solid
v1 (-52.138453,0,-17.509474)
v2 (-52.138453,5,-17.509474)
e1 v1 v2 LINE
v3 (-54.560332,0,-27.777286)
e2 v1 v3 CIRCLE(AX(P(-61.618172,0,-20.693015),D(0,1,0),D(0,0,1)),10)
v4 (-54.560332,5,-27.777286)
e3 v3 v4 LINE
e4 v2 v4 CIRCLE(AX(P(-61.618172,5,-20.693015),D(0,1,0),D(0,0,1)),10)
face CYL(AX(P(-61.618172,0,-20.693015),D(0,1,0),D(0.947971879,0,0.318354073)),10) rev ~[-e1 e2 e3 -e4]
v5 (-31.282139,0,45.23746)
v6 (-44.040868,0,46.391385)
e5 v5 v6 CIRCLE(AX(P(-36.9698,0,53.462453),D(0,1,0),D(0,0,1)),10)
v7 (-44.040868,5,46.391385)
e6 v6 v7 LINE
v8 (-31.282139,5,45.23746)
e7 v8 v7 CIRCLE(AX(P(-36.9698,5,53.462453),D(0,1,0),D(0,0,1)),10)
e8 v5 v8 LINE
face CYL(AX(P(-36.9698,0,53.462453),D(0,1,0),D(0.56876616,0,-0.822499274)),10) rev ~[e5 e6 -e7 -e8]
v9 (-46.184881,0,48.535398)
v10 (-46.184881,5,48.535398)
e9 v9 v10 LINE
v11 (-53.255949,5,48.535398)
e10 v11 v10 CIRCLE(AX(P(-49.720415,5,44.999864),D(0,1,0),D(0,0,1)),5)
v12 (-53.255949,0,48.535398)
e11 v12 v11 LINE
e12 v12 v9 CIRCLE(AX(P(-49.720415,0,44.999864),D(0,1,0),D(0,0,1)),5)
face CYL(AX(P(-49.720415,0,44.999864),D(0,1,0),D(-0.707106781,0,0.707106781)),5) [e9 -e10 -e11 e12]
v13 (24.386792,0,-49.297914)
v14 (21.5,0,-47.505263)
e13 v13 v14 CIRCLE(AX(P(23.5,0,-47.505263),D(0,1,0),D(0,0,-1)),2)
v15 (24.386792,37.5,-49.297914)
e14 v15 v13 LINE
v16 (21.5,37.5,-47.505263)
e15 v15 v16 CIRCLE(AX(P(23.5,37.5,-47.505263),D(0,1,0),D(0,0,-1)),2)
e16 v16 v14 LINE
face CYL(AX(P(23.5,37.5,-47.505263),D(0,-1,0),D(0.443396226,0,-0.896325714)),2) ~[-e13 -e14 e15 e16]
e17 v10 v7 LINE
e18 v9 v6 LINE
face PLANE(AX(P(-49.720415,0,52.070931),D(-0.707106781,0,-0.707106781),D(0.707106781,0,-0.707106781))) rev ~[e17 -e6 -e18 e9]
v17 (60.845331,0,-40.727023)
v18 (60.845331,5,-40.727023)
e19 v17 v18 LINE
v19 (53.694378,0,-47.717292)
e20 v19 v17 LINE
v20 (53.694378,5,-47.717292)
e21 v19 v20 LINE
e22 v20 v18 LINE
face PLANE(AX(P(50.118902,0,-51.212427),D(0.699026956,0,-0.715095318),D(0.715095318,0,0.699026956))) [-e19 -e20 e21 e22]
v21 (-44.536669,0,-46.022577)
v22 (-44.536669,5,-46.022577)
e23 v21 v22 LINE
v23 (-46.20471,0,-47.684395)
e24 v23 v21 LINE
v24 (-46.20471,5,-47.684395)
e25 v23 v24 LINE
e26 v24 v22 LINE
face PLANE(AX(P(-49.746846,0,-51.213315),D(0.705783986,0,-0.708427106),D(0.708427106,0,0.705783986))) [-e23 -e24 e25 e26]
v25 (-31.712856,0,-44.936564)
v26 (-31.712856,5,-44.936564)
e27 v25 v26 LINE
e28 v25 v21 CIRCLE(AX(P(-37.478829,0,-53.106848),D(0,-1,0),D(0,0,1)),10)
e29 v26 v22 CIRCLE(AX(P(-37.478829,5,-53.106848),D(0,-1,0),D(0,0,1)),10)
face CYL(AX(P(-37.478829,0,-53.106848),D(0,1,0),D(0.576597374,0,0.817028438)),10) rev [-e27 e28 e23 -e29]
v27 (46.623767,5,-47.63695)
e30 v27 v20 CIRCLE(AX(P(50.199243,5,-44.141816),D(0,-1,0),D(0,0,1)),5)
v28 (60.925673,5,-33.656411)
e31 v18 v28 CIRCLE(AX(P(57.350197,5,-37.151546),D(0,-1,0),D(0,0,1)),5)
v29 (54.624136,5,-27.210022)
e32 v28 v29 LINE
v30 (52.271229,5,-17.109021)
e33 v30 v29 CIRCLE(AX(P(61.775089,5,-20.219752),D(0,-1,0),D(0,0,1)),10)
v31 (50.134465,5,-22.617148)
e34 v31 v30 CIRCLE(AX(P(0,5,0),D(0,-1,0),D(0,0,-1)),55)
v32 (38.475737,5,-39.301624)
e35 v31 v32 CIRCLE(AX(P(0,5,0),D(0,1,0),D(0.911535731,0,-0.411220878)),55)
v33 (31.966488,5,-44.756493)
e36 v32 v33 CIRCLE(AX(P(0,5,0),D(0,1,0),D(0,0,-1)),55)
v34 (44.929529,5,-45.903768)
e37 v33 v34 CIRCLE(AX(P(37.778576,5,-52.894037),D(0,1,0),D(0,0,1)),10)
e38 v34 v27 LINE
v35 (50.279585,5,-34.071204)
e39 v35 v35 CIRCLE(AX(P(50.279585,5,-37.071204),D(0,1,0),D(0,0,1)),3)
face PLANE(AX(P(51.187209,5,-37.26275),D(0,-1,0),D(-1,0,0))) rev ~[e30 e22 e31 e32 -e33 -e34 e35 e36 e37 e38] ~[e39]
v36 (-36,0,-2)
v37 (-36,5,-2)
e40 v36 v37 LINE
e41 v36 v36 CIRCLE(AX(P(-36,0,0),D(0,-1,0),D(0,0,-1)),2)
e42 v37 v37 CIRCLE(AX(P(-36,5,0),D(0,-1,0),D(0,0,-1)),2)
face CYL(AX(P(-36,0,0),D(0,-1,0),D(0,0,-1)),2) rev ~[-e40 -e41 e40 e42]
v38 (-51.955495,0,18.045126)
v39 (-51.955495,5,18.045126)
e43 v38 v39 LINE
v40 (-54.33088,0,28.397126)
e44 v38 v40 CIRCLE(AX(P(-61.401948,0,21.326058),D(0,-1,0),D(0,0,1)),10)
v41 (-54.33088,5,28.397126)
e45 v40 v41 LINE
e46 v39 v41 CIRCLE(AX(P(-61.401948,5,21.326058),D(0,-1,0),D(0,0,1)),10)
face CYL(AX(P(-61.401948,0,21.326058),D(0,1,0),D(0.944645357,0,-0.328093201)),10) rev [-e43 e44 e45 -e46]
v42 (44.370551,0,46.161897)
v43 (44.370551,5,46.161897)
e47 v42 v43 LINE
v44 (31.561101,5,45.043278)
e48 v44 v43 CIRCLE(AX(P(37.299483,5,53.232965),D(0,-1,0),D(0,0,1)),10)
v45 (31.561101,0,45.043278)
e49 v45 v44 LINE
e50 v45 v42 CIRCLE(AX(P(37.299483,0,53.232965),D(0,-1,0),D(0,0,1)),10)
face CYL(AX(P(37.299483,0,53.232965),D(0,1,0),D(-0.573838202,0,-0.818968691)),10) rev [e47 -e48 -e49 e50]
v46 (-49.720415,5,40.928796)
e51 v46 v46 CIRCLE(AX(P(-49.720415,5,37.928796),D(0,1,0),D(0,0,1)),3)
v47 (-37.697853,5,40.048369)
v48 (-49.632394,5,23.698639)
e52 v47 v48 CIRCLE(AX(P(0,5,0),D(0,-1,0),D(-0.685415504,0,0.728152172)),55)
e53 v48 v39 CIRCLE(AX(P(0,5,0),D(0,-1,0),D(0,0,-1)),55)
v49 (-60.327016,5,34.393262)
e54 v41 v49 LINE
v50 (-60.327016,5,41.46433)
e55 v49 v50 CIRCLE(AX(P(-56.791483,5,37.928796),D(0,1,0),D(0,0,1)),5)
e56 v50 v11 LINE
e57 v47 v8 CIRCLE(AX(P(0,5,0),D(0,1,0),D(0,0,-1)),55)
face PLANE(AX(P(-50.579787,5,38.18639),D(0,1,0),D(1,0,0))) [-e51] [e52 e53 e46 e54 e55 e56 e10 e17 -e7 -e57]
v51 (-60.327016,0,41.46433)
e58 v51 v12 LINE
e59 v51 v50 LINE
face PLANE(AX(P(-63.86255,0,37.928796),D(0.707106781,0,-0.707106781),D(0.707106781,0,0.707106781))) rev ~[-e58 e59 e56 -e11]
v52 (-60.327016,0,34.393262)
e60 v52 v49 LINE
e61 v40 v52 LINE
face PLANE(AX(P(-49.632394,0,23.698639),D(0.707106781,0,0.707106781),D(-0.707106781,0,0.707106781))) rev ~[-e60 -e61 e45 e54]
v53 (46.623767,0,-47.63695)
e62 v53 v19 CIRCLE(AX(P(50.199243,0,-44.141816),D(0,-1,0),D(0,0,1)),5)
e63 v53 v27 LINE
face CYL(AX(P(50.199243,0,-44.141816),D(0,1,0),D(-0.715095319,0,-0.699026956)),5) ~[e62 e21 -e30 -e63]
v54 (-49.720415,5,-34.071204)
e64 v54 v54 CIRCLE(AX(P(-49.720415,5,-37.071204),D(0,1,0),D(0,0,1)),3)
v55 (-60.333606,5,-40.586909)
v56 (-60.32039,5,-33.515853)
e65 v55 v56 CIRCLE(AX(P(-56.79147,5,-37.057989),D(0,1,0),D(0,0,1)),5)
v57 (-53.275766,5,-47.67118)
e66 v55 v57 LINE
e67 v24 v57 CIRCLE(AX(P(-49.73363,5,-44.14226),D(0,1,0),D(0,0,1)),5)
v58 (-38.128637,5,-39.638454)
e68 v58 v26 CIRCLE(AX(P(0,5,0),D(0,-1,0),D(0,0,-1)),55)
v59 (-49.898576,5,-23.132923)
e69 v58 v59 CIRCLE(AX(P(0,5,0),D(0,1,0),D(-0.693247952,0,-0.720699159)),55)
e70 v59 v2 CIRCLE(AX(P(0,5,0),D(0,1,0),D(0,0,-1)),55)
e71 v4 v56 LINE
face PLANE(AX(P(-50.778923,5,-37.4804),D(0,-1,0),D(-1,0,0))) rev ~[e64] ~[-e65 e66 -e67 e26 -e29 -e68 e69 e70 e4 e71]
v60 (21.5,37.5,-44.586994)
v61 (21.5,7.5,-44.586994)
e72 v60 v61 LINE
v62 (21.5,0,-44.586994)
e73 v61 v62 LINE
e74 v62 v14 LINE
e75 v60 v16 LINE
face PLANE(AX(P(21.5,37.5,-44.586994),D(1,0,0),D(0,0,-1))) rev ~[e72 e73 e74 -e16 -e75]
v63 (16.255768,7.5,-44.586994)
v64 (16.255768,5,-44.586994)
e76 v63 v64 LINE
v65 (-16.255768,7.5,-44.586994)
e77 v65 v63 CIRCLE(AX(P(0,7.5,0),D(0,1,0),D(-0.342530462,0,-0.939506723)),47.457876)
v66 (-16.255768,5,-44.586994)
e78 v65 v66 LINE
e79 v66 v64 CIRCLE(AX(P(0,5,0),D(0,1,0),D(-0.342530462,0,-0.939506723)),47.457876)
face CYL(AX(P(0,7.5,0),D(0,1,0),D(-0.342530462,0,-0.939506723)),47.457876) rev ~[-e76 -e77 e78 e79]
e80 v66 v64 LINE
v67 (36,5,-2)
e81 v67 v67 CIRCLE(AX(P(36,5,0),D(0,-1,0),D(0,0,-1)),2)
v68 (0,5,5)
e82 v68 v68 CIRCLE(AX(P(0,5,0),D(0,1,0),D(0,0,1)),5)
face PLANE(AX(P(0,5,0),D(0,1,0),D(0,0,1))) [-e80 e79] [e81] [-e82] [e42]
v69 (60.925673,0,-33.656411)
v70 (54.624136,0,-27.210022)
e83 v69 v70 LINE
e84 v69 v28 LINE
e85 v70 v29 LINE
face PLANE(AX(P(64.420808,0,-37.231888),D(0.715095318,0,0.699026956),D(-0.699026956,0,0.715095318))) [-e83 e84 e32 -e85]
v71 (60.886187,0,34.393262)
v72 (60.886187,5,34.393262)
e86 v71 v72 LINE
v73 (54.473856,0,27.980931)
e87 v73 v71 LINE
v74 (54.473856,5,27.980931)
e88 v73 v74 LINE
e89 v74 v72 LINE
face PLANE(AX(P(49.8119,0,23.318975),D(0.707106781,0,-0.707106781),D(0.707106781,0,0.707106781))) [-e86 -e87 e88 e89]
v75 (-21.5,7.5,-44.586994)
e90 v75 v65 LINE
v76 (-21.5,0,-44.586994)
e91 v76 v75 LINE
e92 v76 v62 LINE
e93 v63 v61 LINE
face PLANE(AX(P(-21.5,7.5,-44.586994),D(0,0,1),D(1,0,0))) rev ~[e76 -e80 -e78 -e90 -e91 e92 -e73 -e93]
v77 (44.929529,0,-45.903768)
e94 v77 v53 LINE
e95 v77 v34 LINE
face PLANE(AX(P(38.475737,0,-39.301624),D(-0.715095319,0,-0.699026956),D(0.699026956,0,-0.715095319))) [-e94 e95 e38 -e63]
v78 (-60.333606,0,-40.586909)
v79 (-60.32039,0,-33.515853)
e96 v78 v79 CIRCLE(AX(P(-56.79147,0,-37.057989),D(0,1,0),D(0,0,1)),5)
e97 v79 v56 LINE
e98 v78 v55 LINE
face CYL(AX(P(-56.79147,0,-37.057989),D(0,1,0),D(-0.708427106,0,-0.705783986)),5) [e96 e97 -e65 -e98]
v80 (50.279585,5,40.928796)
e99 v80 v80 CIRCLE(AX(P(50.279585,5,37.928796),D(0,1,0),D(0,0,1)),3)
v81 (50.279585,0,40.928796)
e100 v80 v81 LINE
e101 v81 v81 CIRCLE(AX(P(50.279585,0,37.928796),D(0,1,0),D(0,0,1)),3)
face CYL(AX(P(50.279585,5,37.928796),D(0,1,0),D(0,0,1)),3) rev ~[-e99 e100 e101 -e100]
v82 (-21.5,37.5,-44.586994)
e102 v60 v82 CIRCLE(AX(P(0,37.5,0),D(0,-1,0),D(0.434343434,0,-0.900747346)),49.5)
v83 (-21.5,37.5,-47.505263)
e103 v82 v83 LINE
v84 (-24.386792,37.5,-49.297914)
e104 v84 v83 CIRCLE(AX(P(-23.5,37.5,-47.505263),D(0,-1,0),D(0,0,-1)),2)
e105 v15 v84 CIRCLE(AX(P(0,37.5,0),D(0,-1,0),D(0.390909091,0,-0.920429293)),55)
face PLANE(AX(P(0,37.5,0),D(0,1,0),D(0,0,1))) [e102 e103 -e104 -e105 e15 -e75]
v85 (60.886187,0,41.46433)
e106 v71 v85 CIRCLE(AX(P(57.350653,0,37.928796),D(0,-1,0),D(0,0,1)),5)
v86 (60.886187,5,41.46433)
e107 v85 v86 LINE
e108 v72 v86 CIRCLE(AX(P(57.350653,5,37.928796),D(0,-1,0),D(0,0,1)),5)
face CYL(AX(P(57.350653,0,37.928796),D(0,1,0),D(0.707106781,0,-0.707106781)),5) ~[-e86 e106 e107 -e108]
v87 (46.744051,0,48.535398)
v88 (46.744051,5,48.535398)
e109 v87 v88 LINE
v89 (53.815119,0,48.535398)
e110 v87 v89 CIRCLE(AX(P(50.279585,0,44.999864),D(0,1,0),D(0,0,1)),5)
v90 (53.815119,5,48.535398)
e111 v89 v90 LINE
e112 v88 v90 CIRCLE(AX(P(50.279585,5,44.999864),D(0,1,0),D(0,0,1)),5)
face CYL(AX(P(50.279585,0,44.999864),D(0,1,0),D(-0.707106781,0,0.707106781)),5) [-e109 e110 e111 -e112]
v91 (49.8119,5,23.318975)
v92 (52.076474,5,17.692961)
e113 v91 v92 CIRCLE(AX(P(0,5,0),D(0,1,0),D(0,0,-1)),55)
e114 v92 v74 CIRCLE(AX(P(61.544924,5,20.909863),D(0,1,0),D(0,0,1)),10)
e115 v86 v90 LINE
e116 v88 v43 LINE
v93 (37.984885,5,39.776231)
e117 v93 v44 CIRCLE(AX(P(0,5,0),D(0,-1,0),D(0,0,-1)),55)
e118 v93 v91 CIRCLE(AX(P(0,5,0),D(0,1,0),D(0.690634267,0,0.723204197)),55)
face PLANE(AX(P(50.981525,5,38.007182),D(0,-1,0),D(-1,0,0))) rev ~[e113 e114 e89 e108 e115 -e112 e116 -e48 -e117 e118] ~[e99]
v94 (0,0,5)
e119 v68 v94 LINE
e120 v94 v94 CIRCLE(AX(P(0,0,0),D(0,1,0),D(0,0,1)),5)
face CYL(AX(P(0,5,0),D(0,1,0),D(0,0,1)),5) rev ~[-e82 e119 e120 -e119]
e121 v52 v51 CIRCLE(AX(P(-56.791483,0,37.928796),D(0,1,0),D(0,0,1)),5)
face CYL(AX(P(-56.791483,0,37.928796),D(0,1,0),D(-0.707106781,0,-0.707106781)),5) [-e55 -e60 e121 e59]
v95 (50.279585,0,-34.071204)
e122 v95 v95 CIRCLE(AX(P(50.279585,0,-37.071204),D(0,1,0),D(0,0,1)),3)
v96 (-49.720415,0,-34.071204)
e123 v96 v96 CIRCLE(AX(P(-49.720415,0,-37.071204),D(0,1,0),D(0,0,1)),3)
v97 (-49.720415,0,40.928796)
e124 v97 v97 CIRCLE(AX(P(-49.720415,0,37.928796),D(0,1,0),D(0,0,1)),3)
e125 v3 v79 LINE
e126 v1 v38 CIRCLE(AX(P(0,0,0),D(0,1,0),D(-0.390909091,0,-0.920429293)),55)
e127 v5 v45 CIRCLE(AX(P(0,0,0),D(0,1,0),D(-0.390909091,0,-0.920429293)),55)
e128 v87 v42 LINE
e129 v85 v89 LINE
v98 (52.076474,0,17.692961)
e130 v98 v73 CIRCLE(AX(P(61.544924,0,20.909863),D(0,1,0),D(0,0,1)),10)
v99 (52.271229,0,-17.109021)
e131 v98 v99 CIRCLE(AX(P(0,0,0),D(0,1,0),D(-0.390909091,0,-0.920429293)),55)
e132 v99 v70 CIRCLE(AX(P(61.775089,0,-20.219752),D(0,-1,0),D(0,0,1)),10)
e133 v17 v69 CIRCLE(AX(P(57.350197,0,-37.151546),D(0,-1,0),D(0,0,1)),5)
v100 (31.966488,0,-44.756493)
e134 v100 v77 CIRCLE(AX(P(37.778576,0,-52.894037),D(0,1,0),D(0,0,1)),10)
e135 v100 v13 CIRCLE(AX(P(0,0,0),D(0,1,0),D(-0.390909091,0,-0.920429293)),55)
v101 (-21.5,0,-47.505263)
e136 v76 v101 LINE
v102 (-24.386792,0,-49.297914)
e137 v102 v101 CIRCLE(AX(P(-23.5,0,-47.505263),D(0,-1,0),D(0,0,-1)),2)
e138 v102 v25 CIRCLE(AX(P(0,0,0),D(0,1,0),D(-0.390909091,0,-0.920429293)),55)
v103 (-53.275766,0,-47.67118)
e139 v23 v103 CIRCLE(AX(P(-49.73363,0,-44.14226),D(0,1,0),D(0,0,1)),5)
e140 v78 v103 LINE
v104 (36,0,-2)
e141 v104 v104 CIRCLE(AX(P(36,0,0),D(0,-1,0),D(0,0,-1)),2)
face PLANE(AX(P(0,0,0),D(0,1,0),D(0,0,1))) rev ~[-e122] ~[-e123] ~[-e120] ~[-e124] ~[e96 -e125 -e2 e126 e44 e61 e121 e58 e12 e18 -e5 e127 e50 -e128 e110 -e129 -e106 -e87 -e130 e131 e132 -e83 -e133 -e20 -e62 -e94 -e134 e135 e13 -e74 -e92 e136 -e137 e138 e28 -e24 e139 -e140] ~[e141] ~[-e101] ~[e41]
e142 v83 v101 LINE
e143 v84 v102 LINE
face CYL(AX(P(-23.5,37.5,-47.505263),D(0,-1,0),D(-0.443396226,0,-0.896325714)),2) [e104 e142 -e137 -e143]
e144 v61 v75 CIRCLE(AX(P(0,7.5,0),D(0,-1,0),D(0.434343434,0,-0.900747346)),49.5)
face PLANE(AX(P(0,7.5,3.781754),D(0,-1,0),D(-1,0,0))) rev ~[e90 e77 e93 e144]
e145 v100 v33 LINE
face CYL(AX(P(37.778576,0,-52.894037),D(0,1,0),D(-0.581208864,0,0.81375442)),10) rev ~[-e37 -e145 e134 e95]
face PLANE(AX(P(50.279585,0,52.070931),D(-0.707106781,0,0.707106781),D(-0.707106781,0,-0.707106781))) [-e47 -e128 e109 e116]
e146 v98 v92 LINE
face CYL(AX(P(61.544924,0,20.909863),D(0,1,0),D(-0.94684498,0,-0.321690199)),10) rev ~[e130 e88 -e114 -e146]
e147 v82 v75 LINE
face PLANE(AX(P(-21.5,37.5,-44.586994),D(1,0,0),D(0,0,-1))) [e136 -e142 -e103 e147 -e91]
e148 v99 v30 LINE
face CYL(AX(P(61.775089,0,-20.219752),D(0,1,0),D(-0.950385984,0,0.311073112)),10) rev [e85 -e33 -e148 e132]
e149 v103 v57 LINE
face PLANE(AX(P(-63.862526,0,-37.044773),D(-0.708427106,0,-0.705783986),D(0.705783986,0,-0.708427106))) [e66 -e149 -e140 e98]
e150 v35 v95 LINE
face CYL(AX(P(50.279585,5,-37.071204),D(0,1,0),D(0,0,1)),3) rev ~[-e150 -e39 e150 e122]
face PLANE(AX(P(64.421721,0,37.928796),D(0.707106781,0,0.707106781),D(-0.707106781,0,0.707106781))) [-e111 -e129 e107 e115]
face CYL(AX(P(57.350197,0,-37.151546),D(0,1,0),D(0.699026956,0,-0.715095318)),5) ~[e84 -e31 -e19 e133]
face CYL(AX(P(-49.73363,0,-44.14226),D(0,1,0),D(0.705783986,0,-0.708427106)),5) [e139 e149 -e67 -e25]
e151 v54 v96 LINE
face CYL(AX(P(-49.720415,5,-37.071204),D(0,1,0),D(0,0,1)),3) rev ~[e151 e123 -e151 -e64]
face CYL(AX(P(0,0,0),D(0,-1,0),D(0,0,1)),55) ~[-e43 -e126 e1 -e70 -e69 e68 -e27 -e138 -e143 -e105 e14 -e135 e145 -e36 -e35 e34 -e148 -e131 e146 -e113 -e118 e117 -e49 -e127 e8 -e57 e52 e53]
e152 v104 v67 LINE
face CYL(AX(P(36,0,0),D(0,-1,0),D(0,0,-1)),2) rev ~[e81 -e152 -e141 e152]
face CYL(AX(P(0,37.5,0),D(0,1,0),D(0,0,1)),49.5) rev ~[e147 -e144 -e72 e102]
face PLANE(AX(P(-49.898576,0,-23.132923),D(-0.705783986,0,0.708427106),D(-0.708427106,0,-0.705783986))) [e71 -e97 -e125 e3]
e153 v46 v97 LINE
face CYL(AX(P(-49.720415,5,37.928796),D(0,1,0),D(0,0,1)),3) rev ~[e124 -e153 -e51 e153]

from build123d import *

# Parameters (mm, degrees)
SKETCH_1_R          = 55
EXTRUDE_1_DEPTH     = 37.5
SKETCH_3_R          = 49.5
CUT_EXTRUDE_1_DEPTH = 32.5
SKETCH_5_W          = 43
SKETCH_5_H          = 12.242897151
CUT_EXTRUDE_2_DEPTH = 40
FILLET_4_R          = 2
FILLET_5_R          = 2
SKETCH_6_R          = 5
CUT_EXTRUDE_3_DEPTH = 12
EXTRUDE_START       = -5
EXTRUDE_3_DEPTH     = 5
FILLET_7_R          = 10
FILLET_8_R          = 5
SKETCH_10_R         = 3
CUT_EXTRUDE_5_DEPTH = 5
EXTRUDE_START_2     = 2.5
EXTRUDE_4_DEPTH     = 2.5
SKETCH_16_R         = 2
CUT_EXTRUDE_6_DEPTH = 10


with BuildPart() as part:
    # 草图1 → 凸台-拉伸1 (new body)
    with BuildSketch(Plane(origin=(0, 0, 0), x_dir=(1, 0, 0), z_dir=(0, 1, 0))):
        with Locations(Location((0, 0, 0), (0, 0, 270))):
            Circle(SKETCH_1_R)
    extrude(amount=EXTRUDE_1_DEPTH)

    # 草图3 → 切除-拉伸1 (cut)
    with BuildSketch(Plane(origin=(0, 37.5, 0), x_dir=(1, 0, 0), z_dir=(0, 1, 0))):
        with Locations(Location((0, 0, 0), (0, 0, 270))):
            Circle(SKETCH_3_R)
    extrude(amount=-CUT_EXTRUDE_1_DEPTH, mode=Mode.SUBTRACT)

    # 草图5 → 切除-拉伸2 (cut)
    with BuildSketch(Plane(origin=(0, 37.5, 0), x_dir=(1, 0, 0), z_dir=(0, 1, 0))):
        with Locations((0, 50.708442195)):
            Rectangle(SKETCH_5_W, SKETCH_5_H)
    extrude(amount=-CUT_EXTRUDE_2_DEPTH, mode=Mode.SUBTRACT)

    # 圆角4
    fillet_4_edges = [part.edges().sort_by_distance(p)[0] for p in [
        (-21.5, 18.75, -50.623611092),
    ]]
    fillet(fillet_4_edges, radius=FILLET_4_R)

    # 圆角5
    fillet_5_edges = [part.edges().sort_by_distance(p)[0] for p in [
        (21.5, 18.75, -50.623611092),
    ]]
    fillet(fillet_5_edges, radius=FILLET_5_R)

    # 草图6 → 切除-拉伸3 (cut)
    with BuildSketch(Plane(origin=(0, 5, 0), x_dir=(1, 0, 0), z_dir=(0, 1, 0))):
        with Locations(Location((0, 0, 0), (0, 0, 270))):
            Circle(SKETCH_6_R)
    extrude(amount=-CUT_EXTRUDE_3_DEPTH, mode=Mode.SUBTRACT)

    # 草图14 → 凸台-拉伸3 (add)
    with BuildSketch(Plane(origin=(0, 5, 0), x_dir=(1, 0, 0), z_dir=(0, 1, 0)).offset(EXTRUDE_START)):
        with BuildLine():
            Line((-49.898576095, 23.132922507), (-63.862525635, 37.044772973))
            Line((-63.862525635, 37.044772973), (-49.746845912, 51.213315099))
            Line((-49.746845912, 51.213315099), (-38.128637352, 39.638453724))
            ThreePointArc((-38.128637352, 39.638453724), (-44.78063998, 31.932652301), (-49.898576095, 23.132922507))
        make_face()
        with BuildLine():
            Line((49.811900188, -23.3189751), (64.421720913, -37.928795825))
            Line((64.421720913, -37.928795825), (50.279585289, -52.070931449))
            Line((50.279585289, -52.070931449), (37.984884655, -39.776230814))
            ThreePointArc((37.984884655, -39.776230814), (44.662950793, -32.097053236), (49.811900188, -23.3189751))
        make_face()
        with BuildLine():
            Line((-49.632393674, -23.698639164), (-63.862550335, -37.928795825))
            Line((-63.862550335, -37.928795825), (-49.720414711, -52.070931449))
            Line((-49.720414711, -52.070931449), (-37.697852746, -40.048369484))
            ThreePointArc((-37.697852746, -40.048369484), (-44.423770724, -32.427281642), (-49.632393674, -23.698639164))
        make_face()
        with BuildLine():
            Line((38.475737251, 39.301623923), (50.118901666, 51.212426922))
            Line((50.118901666, 51.212426922), (64.420808036, 37.231887798))
            Line((64.420808036, 37.231887798), (50.134465219, 22.6171483))
            ThreePointArc((50.134465219, 22.6171483), (45.083643676, 31.50341367), (38.475737251, 39.301623923))
        make_face()
    extrude(amount=EXTRUDE_3_DEPTH)

    # 圆角7
    fillet_7_edges = [part.edges().sort_by_distance(p)[0] for p in [
        (-38.128637352, 2.5, -39.638453724),
        (-49.898576095, 2.5, -23.132922507),
        (-49.632393674, 2.5, 23.698639164),
        (-37.697852746, 2.5, 40.048369484),
        (50.134465219, 2.5, -22.6171483),
        (38.475737251, 2.5, -39.301623923),
        (37.984884655, 2.5, 39.776230814),
        (49.811900188, 2.5, 23.3189751),
    ]]
    fillet(fillet_7_edges, radius=FILLET_7_R)

    # 圆角8
    fillet_8_edges = [part.edges().sort_by_distance(p)[0] for p in [
        (-63.862525635, 2.5, -37.044772973),
        (-49.746845912, 2.5, -51.213315099),
        (-49.720414711, 2.5, 52.070931449),
        (-63.862550335, 2.5, 37.928795825),
        (50.118901666, 2.5, -51.212426922),
        (64.420808036, 2.5, -37.231887798),
        (50.279585289, 2.5, 52.070931449),
        (64.421720913, 2.5, 37.928795825),
    ]]
    fillet(fillet_8_edges, radius=FILLET_8_R)

    # 草图10 → 切除-拉伸5 (cut)
    with BuildSketch(Plane(origin=(0, 5, 0), x_dir=(1, 0, 0), z_dir=(0, 1, 0))):
        with Locations(Location((-49.720414711, 37.071204175, 0), (0, 0, 270))):
            Circle(SKETCH_10_R)
        with Locations(Location((50.279585289, 37.071204175, 0), (0, 0, 270))):
            Circle(SKETCH_10_R)
        with Locations(Location((-49.720414711, -37.928795825, 0), (0, 0, 270))):
            Circle(SKETCH_10_R)
        with Locations(Location((50.279585289, -37.928795825, 0), (0, 0, 270))):
            Circle(SKETCH_10_R)
    extrude(amount=-CUT_EXTRUDE_5_DEPTH, mode=Mode.SUBTRACT)

    # 草图15 → 凸台-拉伸4 (add)
    with BuildSketch(Plane(origin=(0, 5, 0), x_dir=(1, 0, 0), z_dir=(0, 1, 0)).offset(EXTRUDE_START_2)):
        with BuildLine():
            Line((-21.5, 44.586993619), (-16.255768207, 44.586993619))
            ThreePointArc((-16.255768207, 44.586993619), (0, -47.457876059), (16.255768207, 44.586993619))
            Line((16.255768207, 44.586993619), (21.5, 44.586993619))
            ThreePointArc((21.5, 44.586993619), (0, -49.5), (-21.5, 44.586993619))
        make_face()
    extrude(amount=-EXTRUDE_4_DEPTH)

    # 草图16 → 切除-拉伸6 (cut)
    with BuildSketch(Plane(origin=(0, 0, 0), x_dir=(-1, 0, 0), z_dir=(0, -1, 0))):
        with Locations(Location((36, 0, 0), (0, 0, 90))):
            Circle(SKETCH_16_R)
        with Locations(Location((-36, 0, 0), (0, 0, 90))):
            Circle(SKETCH_16_R)
    extrude(amount=-CUT_EXTRUDE_6_DEPTH, mode=Mode.SUBTRACT)


solid = part.part
